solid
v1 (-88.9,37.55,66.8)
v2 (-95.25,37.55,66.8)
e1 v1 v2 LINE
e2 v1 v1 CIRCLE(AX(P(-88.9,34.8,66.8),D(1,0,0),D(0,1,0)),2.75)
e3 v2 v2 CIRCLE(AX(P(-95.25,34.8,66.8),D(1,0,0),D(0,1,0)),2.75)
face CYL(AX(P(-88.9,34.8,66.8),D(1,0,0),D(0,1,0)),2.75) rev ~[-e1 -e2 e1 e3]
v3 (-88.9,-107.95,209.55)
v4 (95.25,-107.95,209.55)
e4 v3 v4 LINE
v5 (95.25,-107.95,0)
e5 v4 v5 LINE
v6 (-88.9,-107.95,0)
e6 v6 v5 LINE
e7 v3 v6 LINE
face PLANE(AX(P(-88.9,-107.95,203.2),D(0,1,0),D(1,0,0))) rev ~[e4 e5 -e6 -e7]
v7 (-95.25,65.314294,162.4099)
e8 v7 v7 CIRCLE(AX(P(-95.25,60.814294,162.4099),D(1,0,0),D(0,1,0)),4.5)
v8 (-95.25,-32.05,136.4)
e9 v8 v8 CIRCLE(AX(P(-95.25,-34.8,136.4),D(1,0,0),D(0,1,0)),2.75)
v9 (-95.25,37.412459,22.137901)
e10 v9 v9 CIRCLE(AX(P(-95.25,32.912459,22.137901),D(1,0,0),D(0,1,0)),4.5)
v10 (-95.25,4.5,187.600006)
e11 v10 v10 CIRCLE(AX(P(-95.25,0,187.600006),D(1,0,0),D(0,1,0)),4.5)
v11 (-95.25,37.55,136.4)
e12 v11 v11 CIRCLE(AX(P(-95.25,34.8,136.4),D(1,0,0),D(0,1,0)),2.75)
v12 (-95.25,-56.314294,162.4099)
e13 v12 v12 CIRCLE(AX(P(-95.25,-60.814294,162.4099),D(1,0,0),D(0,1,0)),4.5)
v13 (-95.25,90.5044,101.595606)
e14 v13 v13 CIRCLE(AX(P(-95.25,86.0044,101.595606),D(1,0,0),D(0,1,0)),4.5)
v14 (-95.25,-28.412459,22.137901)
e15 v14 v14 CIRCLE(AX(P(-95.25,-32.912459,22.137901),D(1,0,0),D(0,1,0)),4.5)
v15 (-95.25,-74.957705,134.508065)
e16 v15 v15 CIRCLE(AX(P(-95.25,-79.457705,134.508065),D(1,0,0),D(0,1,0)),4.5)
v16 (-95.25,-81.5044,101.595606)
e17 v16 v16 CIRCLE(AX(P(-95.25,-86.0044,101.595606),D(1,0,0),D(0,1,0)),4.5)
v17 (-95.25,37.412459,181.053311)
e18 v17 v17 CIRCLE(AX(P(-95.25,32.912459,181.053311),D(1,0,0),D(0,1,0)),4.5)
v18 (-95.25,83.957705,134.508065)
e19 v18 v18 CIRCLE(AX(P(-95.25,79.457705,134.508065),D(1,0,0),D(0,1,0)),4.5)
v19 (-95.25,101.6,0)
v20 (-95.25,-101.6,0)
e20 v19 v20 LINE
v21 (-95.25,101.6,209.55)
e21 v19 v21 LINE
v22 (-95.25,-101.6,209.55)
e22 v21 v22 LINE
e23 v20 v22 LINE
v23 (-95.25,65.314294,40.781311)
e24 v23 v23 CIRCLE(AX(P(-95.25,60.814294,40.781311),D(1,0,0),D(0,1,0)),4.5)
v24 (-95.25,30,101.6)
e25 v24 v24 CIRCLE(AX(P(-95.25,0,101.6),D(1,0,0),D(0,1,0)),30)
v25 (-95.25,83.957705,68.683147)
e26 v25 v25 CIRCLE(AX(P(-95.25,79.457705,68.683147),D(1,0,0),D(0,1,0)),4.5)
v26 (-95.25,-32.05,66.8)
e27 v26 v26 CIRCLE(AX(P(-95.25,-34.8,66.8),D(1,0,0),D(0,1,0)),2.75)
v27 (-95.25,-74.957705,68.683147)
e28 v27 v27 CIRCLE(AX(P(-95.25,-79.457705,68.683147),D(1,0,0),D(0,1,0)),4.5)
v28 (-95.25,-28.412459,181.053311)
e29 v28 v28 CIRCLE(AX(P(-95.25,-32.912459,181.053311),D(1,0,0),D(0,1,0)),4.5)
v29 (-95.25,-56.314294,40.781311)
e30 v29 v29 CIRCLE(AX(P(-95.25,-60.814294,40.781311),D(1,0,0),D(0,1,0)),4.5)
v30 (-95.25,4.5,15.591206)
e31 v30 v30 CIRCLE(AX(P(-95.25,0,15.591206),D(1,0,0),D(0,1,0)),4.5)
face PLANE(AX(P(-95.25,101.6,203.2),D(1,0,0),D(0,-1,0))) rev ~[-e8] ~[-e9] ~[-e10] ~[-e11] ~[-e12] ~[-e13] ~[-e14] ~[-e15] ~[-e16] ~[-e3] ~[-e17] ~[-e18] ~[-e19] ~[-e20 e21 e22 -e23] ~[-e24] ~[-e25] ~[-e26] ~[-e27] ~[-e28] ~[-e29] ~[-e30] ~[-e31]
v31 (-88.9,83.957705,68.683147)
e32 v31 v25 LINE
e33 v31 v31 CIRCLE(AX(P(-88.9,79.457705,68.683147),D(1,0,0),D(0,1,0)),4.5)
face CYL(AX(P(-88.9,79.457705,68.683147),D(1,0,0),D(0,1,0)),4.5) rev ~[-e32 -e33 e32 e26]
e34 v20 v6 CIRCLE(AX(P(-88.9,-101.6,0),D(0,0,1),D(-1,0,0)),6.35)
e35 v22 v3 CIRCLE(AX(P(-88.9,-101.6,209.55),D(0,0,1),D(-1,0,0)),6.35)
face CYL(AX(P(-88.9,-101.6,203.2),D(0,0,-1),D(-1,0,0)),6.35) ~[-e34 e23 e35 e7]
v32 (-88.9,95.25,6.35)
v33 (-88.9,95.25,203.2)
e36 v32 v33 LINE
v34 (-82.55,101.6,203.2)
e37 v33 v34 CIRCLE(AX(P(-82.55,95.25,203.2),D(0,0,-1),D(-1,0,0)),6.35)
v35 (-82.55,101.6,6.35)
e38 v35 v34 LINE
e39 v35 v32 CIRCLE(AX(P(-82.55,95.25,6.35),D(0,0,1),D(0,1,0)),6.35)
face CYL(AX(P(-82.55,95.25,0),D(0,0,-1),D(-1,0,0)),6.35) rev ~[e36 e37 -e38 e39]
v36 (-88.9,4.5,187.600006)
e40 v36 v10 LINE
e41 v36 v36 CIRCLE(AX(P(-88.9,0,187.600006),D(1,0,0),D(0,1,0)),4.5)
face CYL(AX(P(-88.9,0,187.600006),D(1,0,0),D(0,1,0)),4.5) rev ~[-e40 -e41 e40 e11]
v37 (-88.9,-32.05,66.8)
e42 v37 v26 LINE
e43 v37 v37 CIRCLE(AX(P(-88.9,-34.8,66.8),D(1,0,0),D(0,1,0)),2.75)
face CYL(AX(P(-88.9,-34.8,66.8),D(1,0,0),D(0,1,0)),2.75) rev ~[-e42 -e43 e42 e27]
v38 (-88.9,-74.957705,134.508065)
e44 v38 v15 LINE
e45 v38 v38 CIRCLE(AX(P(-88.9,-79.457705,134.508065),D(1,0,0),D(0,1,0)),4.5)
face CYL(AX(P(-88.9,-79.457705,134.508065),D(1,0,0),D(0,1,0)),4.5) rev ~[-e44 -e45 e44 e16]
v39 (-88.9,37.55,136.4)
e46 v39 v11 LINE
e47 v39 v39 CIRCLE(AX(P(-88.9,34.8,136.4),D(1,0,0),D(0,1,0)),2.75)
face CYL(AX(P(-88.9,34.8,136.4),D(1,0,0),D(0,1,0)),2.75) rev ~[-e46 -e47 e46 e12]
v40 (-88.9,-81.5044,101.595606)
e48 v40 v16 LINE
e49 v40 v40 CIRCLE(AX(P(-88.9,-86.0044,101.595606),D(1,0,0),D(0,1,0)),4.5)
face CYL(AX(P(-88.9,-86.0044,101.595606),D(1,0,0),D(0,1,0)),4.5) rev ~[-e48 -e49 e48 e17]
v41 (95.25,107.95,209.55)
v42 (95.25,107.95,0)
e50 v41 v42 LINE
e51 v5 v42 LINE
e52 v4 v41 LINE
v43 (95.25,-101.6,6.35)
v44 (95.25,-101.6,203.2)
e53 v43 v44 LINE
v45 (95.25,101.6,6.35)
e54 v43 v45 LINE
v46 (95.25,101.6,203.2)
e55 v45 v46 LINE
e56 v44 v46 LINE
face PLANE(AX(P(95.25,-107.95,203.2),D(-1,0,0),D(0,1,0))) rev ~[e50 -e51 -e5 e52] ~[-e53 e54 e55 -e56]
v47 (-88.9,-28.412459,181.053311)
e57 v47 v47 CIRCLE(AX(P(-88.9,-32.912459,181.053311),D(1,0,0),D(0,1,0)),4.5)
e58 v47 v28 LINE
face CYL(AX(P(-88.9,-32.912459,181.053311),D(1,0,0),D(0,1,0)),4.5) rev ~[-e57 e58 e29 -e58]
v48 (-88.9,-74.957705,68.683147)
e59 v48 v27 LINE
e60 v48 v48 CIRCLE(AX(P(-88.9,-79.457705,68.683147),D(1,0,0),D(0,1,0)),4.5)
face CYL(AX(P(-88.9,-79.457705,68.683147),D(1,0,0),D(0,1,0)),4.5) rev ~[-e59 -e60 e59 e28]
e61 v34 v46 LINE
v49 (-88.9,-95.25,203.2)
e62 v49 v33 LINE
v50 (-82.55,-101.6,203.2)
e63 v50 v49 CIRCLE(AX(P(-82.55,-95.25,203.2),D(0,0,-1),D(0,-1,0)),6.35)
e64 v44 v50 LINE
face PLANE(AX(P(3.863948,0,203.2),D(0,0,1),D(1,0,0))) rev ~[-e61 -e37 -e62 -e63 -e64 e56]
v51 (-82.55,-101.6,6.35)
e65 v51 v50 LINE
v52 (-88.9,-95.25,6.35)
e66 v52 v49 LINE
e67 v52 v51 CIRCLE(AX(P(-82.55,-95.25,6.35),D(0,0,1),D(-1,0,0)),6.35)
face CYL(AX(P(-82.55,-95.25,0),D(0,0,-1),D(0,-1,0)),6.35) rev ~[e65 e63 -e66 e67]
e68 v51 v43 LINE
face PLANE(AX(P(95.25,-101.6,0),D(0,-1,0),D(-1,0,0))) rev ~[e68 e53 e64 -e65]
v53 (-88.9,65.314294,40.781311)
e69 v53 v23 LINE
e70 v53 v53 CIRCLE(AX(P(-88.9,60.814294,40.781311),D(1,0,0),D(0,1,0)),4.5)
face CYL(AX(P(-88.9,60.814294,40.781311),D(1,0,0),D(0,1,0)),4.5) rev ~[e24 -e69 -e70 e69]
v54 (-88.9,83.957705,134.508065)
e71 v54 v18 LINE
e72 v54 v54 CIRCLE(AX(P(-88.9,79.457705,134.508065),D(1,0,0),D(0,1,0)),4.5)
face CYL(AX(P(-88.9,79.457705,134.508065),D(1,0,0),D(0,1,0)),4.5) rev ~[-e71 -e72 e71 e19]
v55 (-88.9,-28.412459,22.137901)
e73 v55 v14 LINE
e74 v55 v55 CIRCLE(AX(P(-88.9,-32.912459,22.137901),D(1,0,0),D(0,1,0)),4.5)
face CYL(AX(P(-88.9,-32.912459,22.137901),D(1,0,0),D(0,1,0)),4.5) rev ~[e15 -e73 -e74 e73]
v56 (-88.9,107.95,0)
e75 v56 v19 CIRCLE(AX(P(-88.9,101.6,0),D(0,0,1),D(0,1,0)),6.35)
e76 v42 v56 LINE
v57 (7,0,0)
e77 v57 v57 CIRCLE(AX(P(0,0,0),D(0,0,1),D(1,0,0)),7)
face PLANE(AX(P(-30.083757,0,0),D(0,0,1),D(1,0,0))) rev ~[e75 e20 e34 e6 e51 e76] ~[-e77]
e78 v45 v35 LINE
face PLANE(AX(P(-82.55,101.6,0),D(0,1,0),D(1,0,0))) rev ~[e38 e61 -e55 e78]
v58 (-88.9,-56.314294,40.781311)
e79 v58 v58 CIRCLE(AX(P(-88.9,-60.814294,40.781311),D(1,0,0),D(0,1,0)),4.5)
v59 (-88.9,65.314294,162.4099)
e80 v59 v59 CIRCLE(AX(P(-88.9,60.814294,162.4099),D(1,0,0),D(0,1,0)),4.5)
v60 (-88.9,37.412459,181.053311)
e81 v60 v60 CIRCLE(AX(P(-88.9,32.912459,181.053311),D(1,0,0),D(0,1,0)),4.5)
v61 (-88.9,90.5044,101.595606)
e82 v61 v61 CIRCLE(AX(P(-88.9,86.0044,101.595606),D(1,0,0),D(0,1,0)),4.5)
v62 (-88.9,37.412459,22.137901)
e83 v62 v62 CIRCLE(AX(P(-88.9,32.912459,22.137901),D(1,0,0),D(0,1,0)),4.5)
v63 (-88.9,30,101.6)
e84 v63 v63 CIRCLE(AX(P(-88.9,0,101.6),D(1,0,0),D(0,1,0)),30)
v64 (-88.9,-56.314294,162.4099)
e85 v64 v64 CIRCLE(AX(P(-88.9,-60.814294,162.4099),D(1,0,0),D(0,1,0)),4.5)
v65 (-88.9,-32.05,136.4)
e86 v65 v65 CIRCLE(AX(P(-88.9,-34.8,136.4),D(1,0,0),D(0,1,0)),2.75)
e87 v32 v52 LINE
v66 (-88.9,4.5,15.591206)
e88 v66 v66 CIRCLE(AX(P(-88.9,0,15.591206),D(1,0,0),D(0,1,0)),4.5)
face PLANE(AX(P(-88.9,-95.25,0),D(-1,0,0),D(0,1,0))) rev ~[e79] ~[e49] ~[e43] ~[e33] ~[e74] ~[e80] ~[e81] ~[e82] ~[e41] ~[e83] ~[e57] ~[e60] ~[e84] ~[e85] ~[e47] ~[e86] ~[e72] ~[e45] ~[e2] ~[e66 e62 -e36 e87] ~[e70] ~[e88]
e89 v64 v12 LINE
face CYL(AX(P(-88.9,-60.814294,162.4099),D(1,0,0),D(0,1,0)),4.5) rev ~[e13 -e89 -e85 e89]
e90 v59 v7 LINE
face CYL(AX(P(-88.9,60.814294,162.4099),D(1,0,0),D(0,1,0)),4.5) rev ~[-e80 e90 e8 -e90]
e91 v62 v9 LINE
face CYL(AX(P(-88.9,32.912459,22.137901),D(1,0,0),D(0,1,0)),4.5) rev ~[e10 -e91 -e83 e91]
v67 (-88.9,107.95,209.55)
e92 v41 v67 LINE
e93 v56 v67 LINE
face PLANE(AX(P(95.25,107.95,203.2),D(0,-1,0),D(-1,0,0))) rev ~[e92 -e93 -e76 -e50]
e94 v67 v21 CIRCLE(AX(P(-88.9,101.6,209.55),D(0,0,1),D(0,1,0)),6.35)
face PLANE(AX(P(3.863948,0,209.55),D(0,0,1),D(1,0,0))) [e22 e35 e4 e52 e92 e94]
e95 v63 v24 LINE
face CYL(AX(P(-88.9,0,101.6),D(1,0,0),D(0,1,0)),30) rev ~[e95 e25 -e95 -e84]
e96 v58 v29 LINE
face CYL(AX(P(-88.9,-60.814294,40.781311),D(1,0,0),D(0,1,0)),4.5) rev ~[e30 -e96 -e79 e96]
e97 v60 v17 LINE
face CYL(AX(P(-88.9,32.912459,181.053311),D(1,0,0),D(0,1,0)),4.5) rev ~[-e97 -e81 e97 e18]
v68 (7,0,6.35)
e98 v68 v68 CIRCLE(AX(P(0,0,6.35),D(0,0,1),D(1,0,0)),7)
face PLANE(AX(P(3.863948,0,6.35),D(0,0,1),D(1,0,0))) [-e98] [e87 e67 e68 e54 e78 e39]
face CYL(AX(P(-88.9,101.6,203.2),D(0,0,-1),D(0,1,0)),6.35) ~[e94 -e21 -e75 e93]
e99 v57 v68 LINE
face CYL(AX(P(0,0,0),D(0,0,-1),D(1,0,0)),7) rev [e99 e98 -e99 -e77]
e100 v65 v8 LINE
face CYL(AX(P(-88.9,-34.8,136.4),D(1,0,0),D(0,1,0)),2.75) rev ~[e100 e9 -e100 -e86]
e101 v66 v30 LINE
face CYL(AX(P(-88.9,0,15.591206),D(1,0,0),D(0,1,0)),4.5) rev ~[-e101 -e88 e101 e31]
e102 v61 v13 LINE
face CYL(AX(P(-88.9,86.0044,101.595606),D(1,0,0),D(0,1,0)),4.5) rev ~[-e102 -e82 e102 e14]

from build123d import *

# Parameters (mm, degrees)
F0_R     = 7
F1_DEPTH = 6.35
F2_DEPTH = 203.2
F3_R     = 4.5
F4_DEPTH = 6.351
F3_R_2   = 2.75
F3_R_3   = 30
F5_DEPTH = 6.351
F7_DEPTH = 6.35


with BuildPart() as f1:
    # F0 (on Top) → F1 (new body)
    with BuildSketch(Plane.XY):
        with BuildLine():
            Line((-82.55, -101.6), (95.25, -101.6))
            Line((95.25, -101.6), (95.25, 101.6))
            Line((95.25, 101.6), (-82.55, 101.6))
            ThreePointArc((-82.55, 101.6), (-87.0401280605, 99.7401280605), (-88.9, 95.25))
            Line((-88.9, 95.25), (-88.9, -95.25))
            ThreePointArc((-88.9, -95.25), (-87.0401280605, -99.7401280605), (-82.55, -101.6))
        make_face()
        Circle(F0_R, mode=Mode.SUBTRACT)
    extrude(amount=F1_DEPTH)

    # F0 (on Top) → F2 (join)
    with BuildSketch(Plane.XY):
        with BuildLine():
            Line((-88.9, -107.95), (95.25, -107.95))
            Line((95.25, -107.95), (95.25, -101.6))
            Line((95.25, -101.6), (-82.55, -101.6))
            ThreePointArc((-82.55, -101.6), (-87.0401280605, -99.7401280605), (-88.9, -95.25))
            Line((-88.9, -95.25), (-88.9, 95.25))
            ThreePointArc((-88.9, 95.25), (-87.0401280605, 99.7401280605), (-82.55, 101.6))
            Line((-82.55, 101.6), (95.25, 101.6))
            Line((95.25, 101.6), (95.25, 107.95))
            Line((95.25, 107.95), (-88.9, 107.95))
            ThreePointArc((-88.9, 107.95), (-93.3901280605, 106.0901280605), (-95.25, 101.6))
            Line((-95.25, 101.6), (-95.25, -101.6))
            ThreePointArc((-95.25, -101.6), (-93.3901280605, -106.0901280605), (-88.9, -107.95))
        make_face()
    extrude(amount=F2_DEPTH)

    # F3 (on face) → F4 (cut, through all)
    with BuildSketch(Plane.YZ.offset(-88.9)):
        with Locations((60.8142944519, 40.7813113481)):
            Circle(F3_R)
        with Locations((32.9124589905, 22.1379009341)):
            Circle(F3_R)
        with Locations((0, 15.5912058)):
            Circle(F3_R)
        with Locations((-32.9124589905, 22.1379009341)):
            Circle(F3_R)
        with Locations((-79.4577048659, 68.6831468095)):
            Circle(F3_R)
        with Locations((-86.0044, 101.5956058)):
            Circle(F3_R)
        with Locations((-79.4577048659, 134.5080647905)):
            Circle(F3_R)
        with Locations((-60.8142944519, 162.4099002519)):
            Circle(F3_R)
        with Locations((-32.9124589905, 181.0533106659)):
            Circle(F3_R)
        with Locations((0, 187.6000058)):
            Circle(F3_R)
        with Locations((32.9124589905, 181.0533106659)):
            Circle(F3_R)
        with Locations((60.8142944519, 162.4099002519)):
            Circle(F3_R)
        with Locations((79.4577048659, 134.5080647905)):
            Circle(F3_R)
        with Locations((86.0044, 101.5956058)):
            Circle(F3_R)
        with Locations((79.4577048659, 68.6831468095)):
            Circle(F3_R)
    extrude(amount=-F4_DEPTH, mode=Mode.SUBTRACT)

    # F3 (on face) → F5 (cut, through all)
    with BuildSketch(Plane.YZ.offset(-88.9)):
        with Locations((-60.8142944519, 40.7813113481)):
            Circle(F3_R)
        with Locations((-34.8, 66.8)):
            Circle(F3_R_2)
        with Locations((34.8, 66.8)):
            Circle(F3_R_2)
        with Locations((34.8, 136.4)):
            Circle(F3_R_2)
        with Locations((-34.8, 136.4)):
            Circle(F3_R_2)
        with Locations((0, 101.6)):
            Circle(F3_R_3)
    extrude(amount=-F5_DEPTH, mode=Mode.SUBTRACT)

    # F6 (on face) → F7 (join)
    with BuildSketch(Plane.XY.offset(203.2)):
        with BuildLine():
            Line((95.25, -101.6), (95.25, 101.6))
            Line((95.25, 101.6), (-82.55, 101.6))
            ThreePointArc((-82.55, 101.6), (-87.0401280605, 99.7401280605), (-88.9, 95.25))
            Line((-88.9, 95.25), (-88.9, -95.25))
            ThreePointArc((-88.9, -95.25), (-87.0401280605, -99.7401280605), (-82.55, -101.6))
            Line((-82.55, -101.6), (95.25, -101.6))
        make_face()
        with BuildLine():
            Line((95.25, 107.95), (-88.9, 107.95))
            ThreePointArc((-88.9, 107.95), (-93.3901280605, 106.0901280605), (-95.25, 101.6))
            Line((-95.25, 101.6), (-95.25, -101.6))
            ThreePointArc((-95.25, -101.6), (-93.3901280605, -106.0901280605), (-88.9, -107.95))
            Line((-88.9, -107.95), (95.25, -107.95))
            Line((95.25, -107.95), (95.25, -101.6))
            Line((95.25, -101.6), (-82.55, -101.6))
            ThreePointArc((-82.55, -101.6), (-87.0401280605, -99.7401280605), (-88.9, -95.25))
            Line((-88.9, -95.25), (-88.9, 95.25))
            ThreePointArc((-88.9, 95.25), (-87.0401280605, 99.7401280605), (-82.55, 101.6))
            Line((-82.55, 101.6), (95.25, 101.6))
            Line((95.25, 101.6), (95.25, 107.95))
        make_face()
    extrude(amount=F7_DEPTH)


solid = f1.part
